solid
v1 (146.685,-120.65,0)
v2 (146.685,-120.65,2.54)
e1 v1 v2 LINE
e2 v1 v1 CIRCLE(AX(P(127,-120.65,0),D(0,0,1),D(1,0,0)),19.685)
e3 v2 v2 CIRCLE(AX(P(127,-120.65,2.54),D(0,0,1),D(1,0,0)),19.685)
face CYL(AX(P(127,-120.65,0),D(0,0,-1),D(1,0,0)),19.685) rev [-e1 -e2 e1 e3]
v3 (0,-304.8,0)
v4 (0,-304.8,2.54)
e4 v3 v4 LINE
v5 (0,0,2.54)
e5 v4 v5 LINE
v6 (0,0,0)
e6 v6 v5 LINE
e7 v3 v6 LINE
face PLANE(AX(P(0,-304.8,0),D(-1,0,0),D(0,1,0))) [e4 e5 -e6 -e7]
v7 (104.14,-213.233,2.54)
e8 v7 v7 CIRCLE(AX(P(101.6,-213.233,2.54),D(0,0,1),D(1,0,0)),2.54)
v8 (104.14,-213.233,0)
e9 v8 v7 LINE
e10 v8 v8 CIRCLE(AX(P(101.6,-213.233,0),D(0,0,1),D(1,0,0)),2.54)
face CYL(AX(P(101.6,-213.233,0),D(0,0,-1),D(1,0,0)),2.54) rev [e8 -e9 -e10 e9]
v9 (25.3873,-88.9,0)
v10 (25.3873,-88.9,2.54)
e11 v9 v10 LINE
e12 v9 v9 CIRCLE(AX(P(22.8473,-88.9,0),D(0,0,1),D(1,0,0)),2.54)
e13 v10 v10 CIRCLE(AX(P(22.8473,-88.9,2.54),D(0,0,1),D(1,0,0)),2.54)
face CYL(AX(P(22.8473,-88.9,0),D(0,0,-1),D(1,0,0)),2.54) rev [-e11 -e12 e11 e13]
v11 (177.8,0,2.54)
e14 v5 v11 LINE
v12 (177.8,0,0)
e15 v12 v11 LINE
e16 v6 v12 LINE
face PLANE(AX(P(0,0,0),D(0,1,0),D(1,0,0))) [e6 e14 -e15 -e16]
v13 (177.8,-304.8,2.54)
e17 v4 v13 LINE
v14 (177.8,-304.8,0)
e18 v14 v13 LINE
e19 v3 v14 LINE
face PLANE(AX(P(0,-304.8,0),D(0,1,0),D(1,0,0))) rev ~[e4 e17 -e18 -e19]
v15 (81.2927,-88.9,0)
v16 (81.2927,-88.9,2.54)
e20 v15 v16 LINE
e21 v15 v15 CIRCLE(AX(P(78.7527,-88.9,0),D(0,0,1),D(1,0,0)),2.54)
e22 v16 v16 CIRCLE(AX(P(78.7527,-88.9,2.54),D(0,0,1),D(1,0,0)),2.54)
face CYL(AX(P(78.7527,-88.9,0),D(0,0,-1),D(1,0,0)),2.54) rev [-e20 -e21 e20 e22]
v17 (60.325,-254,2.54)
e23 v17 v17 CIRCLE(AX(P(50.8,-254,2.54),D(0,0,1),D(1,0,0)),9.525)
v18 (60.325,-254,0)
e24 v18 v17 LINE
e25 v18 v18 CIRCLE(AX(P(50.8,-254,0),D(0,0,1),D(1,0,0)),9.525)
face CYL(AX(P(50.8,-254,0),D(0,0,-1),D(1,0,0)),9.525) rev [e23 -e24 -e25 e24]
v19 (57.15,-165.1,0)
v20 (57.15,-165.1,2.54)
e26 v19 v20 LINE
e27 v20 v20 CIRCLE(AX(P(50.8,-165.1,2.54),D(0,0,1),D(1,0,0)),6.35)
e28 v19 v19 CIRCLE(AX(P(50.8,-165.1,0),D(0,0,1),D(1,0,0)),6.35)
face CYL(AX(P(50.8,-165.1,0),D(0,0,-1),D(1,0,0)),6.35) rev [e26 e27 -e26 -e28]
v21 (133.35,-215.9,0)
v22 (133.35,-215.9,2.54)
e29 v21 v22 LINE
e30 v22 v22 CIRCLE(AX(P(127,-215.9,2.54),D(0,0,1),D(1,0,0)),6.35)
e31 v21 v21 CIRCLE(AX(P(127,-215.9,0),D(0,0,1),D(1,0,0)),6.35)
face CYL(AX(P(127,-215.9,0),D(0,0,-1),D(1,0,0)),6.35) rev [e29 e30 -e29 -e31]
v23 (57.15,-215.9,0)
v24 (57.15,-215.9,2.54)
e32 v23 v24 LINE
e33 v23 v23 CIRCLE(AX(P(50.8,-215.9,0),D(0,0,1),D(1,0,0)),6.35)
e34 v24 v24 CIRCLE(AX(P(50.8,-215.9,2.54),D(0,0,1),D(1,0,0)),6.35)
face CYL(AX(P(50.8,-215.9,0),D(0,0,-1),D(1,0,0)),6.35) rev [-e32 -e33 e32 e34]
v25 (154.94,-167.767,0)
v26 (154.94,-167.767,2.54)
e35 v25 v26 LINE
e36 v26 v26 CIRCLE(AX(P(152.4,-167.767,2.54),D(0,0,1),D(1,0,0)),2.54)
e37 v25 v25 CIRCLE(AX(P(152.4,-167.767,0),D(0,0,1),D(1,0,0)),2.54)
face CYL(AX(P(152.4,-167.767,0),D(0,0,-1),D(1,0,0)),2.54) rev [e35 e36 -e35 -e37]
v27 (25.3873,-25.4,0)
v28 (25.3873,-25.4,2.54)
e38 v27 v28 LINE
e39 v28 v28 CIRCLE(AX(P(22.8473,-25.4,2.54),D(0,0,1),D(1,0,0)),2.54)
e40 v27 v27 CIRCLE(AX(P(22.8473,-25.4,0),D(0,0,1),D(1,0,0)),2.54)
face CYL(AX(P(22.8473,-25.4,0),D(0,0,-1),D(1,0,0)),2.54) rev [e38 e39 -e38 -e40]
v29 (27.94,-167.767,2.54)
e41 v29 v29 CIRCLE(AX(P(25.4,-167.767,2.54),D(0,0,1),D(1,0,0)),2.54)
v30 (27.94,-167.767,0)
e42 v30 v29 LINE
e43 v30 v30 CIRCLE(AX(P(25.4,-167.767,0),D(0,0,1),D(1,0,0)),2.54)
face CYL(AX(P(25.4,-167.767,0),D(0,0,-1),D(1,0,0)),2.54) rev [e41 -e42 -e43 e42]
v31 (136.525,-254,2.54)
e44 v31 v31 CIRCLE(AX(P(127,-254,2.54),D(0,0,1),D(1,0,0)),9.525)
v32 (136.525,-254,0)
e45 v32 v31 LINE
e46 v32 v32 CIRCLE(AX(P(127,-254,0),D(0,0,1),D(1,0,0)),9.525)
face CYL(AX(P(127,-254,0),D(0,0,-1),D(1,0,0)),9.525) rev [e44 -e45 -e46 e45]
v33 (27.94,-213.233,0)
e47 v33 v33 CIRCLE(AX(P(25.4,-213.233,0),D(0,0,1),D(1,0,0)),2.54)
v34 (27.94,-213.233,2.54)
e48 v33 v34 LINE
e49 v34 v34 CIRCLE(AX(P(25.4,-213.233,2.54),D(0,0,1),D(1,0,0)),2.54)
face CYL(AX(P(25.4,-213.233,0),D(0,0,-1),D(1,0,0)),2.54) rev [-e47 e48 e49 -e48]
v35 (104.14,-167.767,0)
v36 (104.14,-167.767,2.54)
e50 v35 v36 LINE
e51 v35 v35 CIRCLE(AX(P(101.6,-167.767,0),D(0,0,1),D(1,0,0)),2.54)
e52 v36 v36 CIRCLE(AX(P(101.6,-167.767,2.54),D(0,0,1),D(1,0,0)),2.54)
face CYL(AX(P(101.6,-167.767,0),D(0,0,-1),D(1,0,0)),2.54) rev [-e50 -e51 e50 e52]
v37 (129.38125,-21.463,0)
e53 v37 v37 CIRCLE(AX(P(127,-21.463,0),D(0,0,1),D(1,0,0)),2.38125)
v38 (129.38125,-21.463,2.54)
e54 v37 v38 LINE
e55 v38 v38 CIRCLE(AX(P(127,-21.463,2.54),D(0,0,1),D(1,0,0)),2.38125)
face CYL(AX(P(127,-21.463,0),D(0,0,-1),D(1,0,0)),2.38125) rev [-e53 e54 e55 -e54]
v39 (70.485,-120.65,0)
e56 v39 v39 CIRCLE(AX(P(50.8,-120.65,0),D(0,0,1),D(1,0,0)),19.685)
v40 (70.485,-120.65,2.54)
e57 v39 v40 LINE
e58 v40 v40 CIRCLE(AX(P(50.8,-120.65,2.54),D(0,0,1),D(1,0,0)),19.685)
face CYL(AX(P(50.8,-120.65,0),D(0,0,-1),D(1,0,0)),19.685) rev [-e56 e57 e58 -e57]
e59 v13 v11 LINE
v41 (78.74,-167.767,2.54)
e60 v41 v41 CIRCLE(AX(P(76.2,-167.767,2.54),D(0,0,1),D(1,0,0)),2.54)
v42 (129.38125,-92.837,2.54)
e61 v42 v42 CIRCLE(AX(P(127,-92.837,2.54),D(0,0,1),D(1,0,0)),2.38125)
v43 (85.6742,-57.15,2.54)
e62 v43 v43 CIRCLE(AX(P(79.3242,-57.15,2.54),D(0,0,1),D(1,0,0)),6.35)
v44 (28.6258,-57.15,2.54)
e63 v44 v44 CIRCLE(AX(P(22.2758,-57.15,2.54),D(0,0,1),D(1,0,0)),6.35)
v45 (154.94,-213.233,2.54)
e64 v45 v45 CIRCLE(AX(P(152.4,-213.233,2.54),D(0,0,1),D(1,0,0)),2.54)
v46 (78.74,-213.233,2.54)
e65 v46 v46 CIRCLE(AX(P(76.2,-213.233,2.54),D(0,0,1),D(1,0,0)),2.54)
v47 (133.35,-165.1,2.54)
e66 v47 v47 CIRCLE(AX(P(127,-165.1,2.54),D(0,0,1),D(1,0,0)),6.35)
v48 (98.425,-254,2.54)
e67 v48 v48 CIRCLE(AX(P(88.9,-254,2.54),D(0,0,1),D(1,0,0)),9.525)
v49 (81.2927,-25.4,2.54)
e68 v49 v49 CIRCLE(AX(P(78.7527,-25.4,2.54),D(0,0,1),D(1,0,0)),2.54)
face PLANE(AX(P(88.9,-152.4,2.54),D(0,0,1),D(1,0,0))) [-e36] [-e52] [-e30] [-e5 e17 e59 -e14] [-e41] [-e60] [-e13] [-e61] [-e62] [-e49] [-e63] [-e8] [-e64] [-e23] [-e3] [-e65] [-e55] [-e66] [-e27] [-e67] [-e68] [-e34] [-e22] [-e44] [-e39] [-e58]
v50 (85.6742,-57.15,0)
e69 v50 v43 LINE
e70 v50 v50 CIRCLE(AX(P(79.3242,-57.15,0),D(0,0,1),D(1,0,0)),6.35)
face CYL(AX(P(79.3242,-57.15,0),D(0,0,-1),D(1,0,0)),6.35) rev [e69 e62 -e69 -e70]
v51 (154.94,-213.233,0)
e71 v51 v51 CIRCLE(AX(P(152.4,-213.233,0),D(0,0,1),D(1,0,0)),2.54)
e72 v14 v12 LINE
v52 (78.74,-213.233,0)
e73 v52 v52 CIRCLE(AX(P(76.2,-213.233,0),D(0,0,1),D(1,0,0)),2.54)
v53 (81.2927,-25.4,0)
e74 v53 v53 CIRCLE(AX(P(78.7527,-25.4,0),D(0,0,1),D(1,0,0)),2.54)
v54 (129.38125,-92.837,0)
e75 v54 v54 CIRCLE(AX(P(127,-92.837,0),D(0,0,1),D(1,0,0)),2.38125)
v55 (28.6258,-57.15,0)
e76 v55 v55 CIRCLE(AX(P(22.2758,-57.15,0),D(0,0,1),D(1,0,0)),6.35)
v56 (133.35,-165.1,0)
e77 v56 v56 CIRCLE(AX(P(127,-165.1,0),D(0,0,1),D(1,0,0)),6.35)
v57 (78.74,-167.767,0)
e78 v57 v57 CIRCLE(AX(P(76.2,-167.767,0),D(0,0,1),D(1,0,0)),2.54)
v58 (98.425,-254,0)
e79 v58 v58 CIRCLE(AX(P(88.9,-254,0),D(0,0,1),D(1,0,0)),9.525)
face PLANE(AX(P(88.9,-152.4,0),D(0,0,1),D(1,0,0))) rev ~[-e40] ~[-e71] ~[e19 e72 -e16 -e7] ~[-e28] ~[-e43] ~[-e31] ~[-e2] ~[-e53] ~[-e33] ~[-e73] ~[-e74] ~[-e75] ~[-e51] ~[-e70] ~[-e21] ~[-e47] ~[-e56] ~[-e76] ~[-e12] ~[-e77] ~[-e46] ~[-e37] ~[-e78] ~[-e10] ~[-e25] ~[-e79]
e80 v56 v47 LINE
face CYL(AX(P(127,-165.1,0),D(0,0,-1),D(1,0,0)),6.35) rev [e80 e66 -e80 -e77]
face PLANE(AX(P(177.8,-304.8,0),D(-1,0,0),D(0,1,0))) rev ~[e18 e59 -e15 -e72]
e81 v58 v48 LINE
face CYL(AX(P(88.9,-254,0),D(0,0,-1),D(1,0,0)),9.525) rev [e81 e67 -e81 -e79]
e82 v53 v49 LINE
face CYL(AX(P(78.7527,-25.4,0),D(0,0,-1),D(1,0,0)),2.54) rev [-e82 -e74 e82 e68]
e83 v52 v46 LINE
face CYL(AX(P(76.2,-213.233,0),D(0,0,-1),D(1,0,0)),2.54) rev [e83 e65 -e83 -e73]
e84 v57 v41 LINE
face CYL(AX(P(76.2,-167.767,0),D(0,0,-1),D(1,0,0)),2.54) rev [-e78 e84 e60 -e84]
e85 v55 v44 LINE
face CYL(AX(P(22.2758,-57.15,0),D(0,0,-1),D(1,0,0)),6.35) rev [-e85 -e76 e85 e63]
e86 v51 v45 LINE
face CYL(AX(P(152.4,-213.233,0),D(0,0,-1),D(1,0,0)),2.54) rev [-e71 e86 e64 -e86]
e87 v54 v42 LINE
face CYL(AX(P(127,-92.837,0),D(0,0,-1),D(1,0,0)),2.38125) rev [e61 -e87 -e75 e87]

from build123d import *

# Parameters (mm, degrees)
F0_W     = 177.8
F0_H     = 304.8
F0_R     = 9.525
F0_R_2   = 2.54
F0_R_3   = 6.35
F0_R_4   = 19.685
F0_R_5   = 2.38125
F1_DEPTH = 2.54


with BuildPart() as f1:
    # F0 (on Top) → F1 (new body)
    with BuildSketch(Plane.XY):
        with Locations((88.9, -152.4)):
            Rectangle(F0_W, F0_H)
        with Locations((50.8, -254)):
            Circle(F0_R, mode=Mode.SUBTRACT)
        with Locations((25.4, -213.233)):
            Circle(F0_R_2, mode=Mode.SUBTRACT)
        with Locations((25.4, -167.767)):
            Circle(F0_R_2, mode=Mode.SUBTRACT)
        with Locations((50.8, -215.9)):
            Circle(F0_R_3, mode=Mode.SUBTRACT)
        with Locations((76.2, -213.233)):
            Circle(F0_R_2, mode=Mode.SUBTRACT)
        with Locations((50.8, -165.1)):
            Circle(F0_R_3, mode=Mode.SUBTRACT)
        with Locations((76.2, -167.767)):
            Circle(F0_R_2, mode=Mode.SUBTRACT)
        with Locations((88.9, -254)):
            Circle(F0_R, mode=Mode.SUBTRACT)
        with Locations((127, -254)):
            Circle(F0_R, mode=Mode.SUBTRACT)
        with Locations((101.6, -213.233)):
            Circle(F0_R_2, mode=Mode.SUBTRACT)
        with Locations((127, -215.9)):
            Circle(F0_R_3, mode=Mode.SUBTRACT)
        with Locations((101.6, -167.767)):
            Circle(F0_R_2, mode=Mode.SUBTRACT)
        with Locations((127, -165.1)):
            Circle(F0_R_3, mode=Mode.SUBTRACT)
        with Locations((152.4, -213.233)):
            Circle(F0_R_2, mode=Mode.SUBTRACT)
        with Locations((152.4, -167.767)):
            Circle(F0_R_2, mode=Mode.SUBTRACT)
        with Locations((22.8473, -88.9)):
            Circle(F0_R_2, mode=Mode.SUBTRACT)
        with Locations((50.8, -120.65)):
            Circle(F0_R_4, mode=Mode.SUBTRACT)
        with Locations((78.7527, -88.9)):
            Circle(F0_R_2, mode=Mode.SUBTRACT)
        with Locations((22.2758, -57.15)):
            Circle(F0_R_3, mode=Mode.SUBTRACT)
        with Locations((22.8473, -25.4)):
            Circle(F0_R_2, mode=Mode.SUBTRACT)
        with Locations((79.3242, -57.15)):
            Circle(F0_R_3, mode=Mode.SUBTRACT)
        with Locations((78.7527, -25.4)):
            Circle(F0_R_2, mode=Mode.SUBTRACT)
        with Locations((127, -120.65)):
            Circle(F0_R_4, mode=Mode.SUBTRACT)
        with Locations((127, -92.837)):
            Circle(F0_R_5, mode=Mode.SUBTRACT)
        with Locations((127, -21.463)):
            Circle(F0_R_5, mode=Mode.SUBTRACT)
    extrude(amount=F1_DEPTH)


solid = f1.part
